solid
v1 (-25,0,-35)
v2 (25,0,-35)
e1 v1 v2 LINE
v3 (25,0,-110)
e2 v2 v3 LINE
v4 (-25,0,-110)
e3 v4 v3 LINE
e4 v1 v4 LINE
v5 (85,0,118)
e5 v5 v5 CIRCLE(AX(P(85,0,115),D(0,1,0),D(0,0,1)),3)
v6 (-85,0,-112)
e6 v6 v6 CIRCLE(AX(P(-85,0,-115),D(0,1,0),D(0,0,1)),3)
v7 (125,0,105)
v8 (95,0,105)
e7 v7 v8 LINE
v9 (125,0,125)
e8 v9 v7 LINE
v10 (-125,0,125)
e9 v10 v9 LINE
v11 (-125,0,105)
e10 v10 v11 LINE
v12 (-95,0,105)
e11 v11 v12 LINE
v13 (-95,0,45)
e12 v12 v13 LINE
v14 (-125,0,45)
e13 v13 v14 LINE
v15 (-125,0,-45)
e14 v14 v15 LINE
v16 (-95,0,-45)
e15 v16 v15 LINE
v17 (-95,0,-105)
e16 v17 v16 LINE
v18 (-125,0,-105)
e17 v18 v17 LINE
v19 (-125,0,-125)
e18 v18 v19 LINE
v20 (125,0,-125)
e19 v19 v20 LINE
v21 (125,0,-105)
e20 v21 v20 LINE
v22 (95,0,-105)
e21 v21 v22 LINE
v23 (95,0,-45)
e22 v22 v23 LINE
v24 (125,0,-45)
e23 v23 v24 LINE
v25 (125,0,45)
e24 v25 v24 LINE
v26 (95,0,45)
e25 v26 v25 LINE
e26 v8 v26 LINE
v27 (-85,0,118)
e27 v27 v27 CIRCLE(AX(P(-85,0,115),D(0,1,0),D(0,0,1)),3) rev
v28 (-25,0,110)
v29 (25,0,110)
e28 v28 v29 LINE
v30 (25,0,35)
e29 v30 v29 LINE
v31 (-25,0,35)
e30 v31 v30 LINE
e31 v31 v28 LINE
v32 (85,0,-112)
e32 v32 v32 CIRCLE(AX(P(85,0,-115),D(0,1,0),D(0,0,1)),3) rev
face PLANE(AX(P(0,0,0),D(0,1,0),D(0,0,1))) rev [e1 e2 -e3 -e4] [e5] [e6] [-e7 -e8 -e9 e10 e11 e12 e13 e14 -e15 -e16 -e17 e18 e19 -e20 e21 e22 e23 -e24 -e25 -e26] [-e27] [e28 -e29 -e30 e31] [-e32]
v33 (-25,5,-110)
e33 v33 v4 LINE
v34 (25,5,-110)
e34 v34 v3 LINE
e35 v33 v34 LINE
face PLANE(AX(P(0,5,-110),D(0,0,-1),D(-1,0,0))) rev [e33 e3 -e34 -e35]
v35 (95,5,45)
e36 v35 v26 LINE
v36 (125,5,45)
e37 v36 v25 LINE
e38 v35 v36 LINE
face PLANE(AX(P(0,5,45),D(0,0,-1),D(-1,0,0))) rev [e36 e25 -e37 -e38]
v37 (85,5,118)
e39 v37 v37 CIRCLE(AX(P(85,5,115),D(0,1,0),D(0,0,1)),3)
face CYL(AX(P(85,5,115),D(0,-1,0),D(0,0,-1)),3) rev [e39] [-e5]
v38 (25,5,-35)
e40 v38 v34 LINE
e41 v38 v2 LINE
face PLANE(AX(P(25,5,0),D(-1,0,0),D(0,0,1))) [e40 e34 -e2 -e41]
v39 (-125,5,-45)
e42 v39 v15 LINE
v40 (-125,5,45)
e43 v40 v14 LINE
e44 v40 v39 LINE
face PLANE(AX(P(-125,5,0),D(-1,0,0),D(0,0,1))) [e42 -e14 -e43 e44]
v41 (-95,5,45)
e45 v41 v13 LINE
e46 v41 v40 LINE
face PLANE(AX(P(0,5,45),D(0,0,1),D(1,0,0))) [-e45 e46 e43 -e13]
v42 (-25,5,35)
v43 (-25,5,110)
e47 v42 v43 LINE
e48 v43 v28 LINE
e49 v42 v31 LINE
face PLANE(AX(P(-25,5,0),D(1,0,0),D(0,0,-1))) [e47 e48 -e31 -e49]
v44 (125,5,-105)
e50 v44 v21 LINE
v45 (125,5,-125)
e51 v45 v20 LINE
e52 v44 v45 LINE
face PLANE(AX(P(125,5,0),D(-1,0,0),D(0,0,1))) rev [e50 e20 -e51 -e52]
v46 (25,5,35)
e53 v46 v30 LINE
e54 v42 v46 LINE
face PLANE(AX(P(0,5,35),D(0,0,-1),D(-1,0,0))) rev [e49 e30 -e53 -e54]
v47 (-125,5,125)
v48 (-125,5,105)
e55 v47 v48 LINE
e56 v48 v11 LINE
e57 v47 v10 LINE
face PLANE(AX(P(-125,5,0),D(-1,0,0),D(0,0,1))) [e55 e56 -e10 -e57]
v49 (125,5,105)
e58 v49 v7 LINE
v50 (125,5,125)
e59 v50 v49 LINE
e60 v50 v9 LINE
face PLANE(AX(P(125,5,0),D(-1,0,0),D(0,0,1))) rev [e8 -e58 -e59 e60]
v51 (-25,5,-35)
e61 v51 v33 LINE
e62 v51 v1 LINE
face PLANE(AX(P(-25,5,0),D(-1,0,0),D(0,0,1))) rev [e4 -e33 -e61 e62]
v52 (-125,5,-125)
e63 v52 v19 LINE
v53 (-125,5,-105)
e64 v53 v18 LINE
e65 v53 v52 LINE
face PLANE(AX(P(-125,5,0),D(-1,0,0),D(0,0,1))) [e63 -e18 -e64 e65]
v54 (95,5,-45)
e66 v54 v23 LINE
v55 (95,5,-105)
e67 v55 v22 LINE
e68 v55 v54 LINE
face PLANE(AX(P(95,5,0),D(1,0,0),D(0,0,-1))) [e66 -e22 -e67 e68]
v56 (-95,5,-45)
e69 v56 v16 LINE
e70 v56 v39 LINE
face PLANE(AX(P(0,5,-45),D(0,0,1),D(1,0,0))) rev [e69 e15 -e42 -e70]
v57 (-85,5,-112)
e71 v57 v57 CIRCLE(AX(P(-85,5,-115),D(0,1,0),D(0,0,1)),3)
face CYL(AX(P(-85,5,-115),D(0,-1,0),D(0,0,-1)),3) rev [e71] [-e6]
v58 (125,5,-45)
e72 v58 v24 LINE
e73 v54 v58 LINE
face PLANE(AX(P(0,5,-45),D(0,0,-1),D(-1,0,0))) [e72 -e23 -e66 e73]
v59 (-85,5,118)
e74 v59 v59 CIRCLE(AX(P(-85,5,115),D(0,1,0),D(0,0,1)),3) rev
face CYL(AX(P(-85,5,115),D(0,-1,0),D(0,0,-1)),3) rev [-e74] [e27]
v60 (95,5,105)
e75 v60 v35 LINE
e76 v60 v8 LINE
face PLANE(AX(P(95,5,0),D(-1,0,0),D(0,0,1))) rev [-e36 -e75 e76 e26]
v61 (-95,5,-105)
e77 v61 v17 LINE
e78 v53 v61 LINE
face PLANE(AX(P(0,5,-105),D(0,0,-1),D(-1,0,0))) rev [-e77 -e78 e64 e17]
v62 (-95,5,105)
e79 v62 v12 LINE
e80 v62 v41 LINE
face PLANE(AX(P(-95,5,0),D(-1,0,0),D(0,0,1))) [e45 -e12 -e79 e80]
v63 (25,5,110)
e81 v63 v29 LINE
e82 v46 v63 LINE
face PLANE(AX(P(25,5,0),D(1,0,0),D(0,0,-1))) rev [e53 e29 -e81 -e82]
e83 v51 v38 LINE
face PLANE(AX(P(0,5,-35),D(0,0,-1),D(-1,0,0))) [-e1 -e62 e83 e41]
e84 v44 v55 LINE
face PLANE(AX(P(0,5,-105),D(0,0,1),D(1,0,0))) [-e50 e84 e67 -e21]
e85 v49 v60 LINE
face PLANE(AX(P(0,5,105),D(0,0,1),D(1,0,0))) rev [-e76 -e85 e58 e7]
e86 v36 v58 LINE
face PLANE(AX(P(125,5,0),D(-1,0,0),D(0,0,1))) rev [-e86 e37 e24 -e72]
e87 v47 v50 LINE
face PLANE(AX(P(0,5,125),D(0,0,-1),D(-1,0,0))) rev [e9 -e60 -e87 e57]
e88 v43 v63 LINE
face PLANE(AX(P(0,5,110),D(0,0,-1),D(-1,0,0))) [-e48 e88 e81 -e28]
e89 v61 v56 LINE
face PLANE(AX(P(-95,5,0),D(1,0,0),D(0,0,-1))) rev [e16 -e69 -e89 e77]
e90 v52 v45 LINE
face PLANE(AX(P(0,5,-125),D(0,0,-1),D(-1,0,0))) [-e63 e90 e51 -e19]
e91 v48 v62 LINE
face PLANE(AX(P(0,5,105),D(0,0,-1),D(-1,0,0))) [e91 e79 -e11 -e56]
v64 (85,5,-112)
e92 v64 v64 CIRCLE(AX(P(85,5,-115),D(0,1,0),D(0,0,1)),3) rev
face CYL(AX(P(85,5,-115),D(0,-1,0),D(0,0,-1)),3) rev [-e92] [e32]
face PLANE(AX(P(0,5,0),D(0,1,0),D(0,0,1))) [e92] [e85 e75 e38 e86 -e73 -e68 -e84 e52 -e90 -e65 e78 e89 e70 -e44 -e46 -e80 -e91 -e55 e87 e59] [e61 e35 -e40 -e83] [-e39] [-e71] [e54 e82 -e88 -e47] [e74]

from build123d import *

# Parameters (mm, degrees)
SKETCH2_W           = 50
SKETCH2_H           = 75
SKETCH2_R           = 3
BOSS_EXTRUDE1_DEPTH = 5


with BuildPart() as part:
    # Sketch2 → Boss-Extrude1 (new body)
    with BuildSketch(Plane(origin=(0, 0, 0), x_dir=(1, 0, 0), z_dir=(0, 1, 0))):
        Polygon((-125, 125), (-125, 105), (-95, 105), (-95, 45), (-125, 45), (-125, -45), (-95, -45), (-95, -105), (-125, -105), (-125, -125), (125, -125), (125, -105), (95, -105), (95, -45), (125, -45), (125, 45), (95, 45), (95, 105), (125, 105), (125, 125), align=None)
        with Locations((0, -72.5)):
            Rectangle(SKETCH2_W, SKETCH2_H, mode=Mode.SUBTRACT)
        with Locations((0, 72.5)):
            Rectangle(SKETCH2_W, SKETCH2_H, mode=Mode.SUBTRACT)
        with Locations(Location((-85, 115, 0), (0, 0, 270))):
            Circle(SKETCH2_R, mode=Mode.SUBTRACT)
        with Locations(Location((-85, -115, 0), (0, 0, 270))):
            Circle(SKETCH2_R, mode=Mode.SUBTRACT)
        with Locations(Location((85, 115, 0), (0, 0, 270))):
            Circle(SKETCH2_R, mode=Mode.SUBTRACT)
        with Locations(Location((85, -115, 0), (0, 0, 270))):
            Circle(SKETCH2_R, mode=Mode.SUBTRACT)
    extrude(amount=BOSS_EXTRUDE1_DEPTH)


solid = part.part
